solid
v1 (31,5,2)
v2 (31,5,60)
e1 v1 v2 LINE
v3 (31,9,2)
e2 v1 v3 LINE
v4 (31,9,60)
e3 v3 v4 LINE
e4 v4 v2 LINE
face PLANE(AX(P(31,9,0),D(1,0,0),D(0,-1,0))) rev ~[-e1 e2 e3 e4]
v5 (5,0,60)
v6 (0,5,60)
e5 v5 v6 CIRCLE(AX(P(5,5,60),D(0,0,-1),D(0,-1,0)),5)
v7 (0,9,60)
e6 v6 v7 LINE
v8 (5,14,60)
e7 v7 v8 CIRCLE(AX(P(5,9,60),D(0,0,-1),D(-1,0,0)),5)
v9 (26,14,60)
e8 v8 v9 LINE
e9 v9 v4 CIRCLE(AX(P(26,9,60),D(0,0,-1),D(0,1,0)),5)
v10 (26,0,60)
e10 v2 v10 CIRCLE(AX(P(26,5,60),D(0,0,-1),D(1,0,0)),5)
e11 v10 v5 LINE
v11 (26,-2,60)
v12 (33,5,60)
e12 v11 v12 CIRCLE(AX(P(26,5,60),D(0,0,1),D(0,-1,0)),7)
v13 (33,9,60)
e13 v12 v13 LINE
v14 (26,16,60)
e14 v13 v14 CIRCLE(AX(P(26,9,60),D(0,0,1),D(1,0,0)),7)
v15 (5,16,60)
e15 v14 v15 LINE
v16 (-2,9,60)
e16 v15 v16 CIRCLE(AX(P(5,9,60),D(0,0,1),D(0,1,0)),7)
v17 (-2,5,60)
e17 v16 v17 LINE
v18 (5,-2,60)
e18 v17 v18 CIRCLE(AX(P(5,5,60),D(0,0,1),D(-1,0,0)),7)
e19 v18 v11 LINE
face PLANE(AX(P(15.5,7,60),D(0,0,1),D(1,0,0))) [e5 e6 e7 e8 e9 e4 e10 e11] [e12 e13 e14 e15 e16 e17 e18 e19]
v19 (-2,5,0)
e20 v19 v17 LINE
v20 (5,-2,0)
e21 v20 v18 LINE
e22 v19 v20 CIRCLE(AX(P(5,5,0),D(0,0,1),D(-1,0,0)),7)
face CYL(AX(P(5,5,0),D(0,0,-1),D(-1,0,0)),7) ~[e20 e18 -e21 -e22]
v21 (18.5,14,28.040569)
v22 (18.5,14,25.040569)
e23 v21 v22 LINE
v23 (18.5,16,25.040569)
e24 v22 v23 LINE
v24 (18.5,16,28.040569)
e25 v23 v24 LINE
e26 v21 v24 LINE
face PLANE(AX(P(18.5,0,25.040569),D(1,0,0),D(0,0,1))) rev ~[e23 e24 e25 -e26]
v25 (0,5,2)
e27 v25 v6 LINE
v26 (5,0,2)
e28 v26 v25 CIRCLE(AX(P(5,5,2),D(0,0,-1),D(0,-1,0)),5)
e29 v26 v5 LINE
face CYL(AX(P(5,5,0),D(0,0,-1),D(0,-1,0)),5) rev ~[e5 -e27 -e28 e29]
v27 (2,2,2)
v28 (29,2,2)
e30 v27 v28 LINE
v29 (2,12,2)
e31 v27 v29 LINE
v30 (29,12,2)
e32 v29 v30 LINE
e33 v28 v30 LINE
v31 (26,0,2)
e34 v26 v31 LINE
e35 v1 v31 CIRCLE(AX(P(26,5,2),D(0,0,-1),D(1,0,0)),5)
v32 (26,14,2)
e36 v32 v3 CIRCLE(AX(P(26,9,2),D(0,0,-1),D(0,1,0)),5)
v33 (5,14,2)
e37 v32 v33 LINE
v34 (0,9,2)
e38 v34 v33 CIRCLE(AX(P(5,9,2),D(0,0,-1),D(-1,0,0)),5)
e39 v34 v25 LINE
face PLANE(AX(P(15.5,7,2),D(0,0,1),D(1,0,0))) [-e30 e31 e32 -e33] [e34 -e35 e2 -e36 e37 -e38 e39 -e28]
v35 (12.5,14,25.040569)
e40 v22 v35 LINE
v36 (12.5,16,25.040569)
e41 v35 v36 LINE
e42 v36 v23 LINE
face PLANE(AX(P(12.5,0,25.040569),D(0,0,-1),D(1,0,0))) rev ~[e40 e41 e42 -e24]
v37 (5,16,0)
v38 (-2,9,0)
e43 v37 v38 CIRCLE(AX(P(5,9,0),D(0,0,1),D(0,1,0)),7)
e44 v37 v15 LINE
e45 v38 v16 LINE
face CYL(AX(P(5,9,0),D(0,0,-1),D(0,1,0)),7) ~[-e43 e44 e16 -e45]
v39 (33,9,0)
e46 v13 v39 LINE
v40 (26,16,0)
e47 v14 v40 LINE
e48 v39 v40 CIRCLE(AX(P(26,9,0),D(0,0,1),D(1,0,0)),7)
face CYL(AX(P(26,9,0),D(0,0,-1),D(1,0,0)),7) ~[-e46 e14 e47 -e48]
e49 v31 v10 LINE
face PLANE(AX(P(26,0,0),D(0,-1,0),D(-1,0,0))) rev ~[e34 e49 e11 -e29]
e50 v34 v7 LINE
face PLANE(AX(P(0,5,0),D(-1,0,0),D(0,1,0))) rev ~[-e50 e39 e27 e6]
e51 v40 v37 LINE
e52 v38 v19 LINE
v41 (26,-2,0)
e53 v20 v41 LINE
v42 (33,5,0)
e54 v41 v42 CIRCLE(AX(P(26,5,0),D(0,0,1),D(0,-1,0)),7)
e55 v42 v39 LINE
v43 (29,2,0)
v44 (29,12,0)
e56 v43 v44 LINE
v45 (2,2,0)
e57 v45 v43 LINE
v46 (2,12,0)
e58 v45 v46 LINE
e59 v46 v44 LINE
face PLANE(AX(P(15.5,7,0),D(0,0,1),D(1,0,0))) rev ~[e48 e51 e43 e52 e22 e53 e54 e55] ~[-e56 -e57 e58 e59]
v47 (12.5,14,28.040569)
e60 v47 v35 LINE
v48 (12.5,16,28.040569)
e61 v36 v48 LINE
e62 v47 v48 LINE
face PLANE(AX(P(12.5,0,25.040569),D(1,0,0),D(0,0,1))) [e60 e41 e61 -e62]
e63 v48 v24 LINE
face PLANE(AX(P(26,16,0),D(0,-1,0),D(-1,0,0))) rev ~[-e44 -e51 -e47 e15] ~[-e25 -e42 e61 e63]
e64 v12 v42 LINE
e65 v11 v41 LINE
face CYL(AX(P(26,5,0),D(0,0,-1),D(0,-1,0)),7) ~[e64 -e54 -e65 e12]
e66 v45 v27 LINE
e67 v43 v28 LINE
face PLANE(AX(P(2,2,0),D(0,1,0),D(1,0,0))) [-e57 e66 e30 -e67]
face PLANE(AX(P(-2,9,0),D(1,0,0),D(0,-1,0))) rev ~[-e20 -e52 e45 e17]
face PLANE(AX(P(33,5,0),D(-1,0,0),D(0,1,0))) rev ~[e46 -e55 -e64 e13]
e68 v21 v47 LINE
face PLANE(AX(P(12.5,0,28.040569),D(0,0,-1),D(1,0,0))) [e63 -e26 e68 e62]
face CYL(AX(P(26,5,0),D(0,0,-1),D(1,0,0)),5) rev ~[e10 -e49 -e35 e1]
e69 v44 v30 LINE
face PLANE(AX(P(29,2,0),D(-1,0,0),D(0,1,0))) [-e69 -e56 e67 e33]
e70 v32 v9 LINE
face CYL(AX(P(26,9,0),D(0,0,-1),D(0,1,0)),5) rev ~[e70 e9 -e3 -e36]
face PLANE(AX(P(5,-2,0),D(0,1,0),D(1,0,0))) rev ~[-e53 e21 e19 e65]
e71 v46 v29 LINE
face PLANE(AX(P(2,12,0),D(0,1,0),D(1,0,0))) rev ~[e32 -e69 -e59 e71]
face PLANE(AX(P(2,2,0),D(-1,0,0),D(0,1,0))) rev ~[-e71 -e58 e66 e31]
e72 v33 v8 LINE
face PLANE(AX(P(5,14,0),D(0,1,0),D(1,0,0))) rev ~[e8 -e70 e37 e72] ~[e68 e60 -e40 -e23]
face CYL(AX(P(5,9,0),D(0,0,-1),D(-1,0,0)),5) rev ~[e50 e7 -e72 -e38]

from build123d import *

# Parameters (mm, degrees)
F0_W     = 27
F0_H     = 10
F1_DEPTH = 2
F2_DEPTH = 60
F3_W     = 6
F3_H     = 3
F4_DEPTH = 25


with BuildPart() as f1:
    # F0 (on Top) → F1 (new body)
    with BuildSketch(Plane.XY):
        with BuildLine():
            Line((26, 16), (5, 16))
            ThreePointArc((5, 16), (0.0502525317, 13.9497474683), (-2, 9))
            Line((-2, 9), (-2, 5))
            ThreePointArc((-2, 5), (0.0502525317, 0.0502525317), (5, -2))
            Line((5, -2), (26, -2))
            ThreePointArc((26, -2), (30.9497474683, 0.0502525317), (33, 5))
            Line((33, 5), (33, 9))
            ThreePointArc((33, 9), (30.9497474683, 13.9497474683), (26, 16))
        make_face()
        with BuildLine():
            Line((26, 0), (5, 0))
            ThreePointArc((5, 0), (1.4644660941, 1.4644660941), (0, 5))
            Line((0, 5), (0, 9))
            ThreePointArc((0, 9), (1.4644660941, 12.5355339059), (5, 14))
            Line((5, 14), (26, 14))
            ThreePointArc((26, 14), (29.5355339059, 12.5355339059), (31, 9))
            Line((31, 9), (31, 5))
            ThreePointArc((31, 5), (29.5355339059, 1.4644660941), (26, 0))
        make_face(mode=Mode.SUBTRACT)
        with BuildLine():
            ThreePointArc((0, 5), (1.4644660941, 1.4644660941), (5, 0))
            Line((5, 0), (26, 0))
            ThreePointArc((26, 0), (29.5355339059, 1.4644660941), (31, 5))
            Line((31, 5), (31, 9))
            ThreePointArc((31, 9), (29.5355339059, 12.5355339059), (26, 14))
            Line((26, 14), (5, 14))
            ThreePointArc((5, 14), (1.4644660941, 12.5355339059), (0, 9))
            Line((0, 9), (0, 5))
        make_face()
        with Locations((15.5, 7)):
            Rectangle(F0_W, F0_H, mode=Mode.SUBTRACT)
    extrude(amount=F1_DEPTH)

    # F0 (on Top) → F2 (join)
    with BuildSketch(Plane.XY):
        with BuildLine():
            Line((26, 16), (5, 16))
            ThreePointArc((5, 16), (0.0502525317, 13.9497474683), (-2, 9))
            Line((-2, 9), (-2, 5))
            ThreePointArc((-2, 5), (0.0502525317, 0.0502525317), (5, -2))
            Line((5, -2), (26, -2))
            ThreePointArc((26, -2), (30.9497474683, 0.0502525317), (33, 5))
            Line((33, 5), (33, 9))
            ThreePointArc((33, 9), (30.9497474683, 13.9497474683), (26, 16))
        make_face()
        with BuildLine():
            Line((26, 0), (5, 0))
            ThreePointArc((5, 0), (1.4644660941, 1.4644660941), (0, 5))
            Line((0, 5), (0, 9))
            ThreePointArc((0, 9), (1.4644660941, 12.5355339059), (5, 14))
            Line((5, 14), (26, 14))
            ThreePointArc((26, 14), (29.5355339059, 12.5355339059), (31, 9))
            Line((31, 9), (31, 5))
            ThreePointArc((31, 5), (29.5355339059, 1.4644660941), (26, 0))
        make_face(mode=Mode.SUBTRACT)
    extrude(amount=F2_DEPTH)

    # F3 (on Front) → F4 (cut)
    with BuildSketch(Plane.XZ):
        with Locations((15.5, 26.5405690297)):
            Rectangle(F3_W, F3_H)
    extrude(amount=-F4_DEPTH, mode=Mode.SUBTRACT)


solid = f1.part
